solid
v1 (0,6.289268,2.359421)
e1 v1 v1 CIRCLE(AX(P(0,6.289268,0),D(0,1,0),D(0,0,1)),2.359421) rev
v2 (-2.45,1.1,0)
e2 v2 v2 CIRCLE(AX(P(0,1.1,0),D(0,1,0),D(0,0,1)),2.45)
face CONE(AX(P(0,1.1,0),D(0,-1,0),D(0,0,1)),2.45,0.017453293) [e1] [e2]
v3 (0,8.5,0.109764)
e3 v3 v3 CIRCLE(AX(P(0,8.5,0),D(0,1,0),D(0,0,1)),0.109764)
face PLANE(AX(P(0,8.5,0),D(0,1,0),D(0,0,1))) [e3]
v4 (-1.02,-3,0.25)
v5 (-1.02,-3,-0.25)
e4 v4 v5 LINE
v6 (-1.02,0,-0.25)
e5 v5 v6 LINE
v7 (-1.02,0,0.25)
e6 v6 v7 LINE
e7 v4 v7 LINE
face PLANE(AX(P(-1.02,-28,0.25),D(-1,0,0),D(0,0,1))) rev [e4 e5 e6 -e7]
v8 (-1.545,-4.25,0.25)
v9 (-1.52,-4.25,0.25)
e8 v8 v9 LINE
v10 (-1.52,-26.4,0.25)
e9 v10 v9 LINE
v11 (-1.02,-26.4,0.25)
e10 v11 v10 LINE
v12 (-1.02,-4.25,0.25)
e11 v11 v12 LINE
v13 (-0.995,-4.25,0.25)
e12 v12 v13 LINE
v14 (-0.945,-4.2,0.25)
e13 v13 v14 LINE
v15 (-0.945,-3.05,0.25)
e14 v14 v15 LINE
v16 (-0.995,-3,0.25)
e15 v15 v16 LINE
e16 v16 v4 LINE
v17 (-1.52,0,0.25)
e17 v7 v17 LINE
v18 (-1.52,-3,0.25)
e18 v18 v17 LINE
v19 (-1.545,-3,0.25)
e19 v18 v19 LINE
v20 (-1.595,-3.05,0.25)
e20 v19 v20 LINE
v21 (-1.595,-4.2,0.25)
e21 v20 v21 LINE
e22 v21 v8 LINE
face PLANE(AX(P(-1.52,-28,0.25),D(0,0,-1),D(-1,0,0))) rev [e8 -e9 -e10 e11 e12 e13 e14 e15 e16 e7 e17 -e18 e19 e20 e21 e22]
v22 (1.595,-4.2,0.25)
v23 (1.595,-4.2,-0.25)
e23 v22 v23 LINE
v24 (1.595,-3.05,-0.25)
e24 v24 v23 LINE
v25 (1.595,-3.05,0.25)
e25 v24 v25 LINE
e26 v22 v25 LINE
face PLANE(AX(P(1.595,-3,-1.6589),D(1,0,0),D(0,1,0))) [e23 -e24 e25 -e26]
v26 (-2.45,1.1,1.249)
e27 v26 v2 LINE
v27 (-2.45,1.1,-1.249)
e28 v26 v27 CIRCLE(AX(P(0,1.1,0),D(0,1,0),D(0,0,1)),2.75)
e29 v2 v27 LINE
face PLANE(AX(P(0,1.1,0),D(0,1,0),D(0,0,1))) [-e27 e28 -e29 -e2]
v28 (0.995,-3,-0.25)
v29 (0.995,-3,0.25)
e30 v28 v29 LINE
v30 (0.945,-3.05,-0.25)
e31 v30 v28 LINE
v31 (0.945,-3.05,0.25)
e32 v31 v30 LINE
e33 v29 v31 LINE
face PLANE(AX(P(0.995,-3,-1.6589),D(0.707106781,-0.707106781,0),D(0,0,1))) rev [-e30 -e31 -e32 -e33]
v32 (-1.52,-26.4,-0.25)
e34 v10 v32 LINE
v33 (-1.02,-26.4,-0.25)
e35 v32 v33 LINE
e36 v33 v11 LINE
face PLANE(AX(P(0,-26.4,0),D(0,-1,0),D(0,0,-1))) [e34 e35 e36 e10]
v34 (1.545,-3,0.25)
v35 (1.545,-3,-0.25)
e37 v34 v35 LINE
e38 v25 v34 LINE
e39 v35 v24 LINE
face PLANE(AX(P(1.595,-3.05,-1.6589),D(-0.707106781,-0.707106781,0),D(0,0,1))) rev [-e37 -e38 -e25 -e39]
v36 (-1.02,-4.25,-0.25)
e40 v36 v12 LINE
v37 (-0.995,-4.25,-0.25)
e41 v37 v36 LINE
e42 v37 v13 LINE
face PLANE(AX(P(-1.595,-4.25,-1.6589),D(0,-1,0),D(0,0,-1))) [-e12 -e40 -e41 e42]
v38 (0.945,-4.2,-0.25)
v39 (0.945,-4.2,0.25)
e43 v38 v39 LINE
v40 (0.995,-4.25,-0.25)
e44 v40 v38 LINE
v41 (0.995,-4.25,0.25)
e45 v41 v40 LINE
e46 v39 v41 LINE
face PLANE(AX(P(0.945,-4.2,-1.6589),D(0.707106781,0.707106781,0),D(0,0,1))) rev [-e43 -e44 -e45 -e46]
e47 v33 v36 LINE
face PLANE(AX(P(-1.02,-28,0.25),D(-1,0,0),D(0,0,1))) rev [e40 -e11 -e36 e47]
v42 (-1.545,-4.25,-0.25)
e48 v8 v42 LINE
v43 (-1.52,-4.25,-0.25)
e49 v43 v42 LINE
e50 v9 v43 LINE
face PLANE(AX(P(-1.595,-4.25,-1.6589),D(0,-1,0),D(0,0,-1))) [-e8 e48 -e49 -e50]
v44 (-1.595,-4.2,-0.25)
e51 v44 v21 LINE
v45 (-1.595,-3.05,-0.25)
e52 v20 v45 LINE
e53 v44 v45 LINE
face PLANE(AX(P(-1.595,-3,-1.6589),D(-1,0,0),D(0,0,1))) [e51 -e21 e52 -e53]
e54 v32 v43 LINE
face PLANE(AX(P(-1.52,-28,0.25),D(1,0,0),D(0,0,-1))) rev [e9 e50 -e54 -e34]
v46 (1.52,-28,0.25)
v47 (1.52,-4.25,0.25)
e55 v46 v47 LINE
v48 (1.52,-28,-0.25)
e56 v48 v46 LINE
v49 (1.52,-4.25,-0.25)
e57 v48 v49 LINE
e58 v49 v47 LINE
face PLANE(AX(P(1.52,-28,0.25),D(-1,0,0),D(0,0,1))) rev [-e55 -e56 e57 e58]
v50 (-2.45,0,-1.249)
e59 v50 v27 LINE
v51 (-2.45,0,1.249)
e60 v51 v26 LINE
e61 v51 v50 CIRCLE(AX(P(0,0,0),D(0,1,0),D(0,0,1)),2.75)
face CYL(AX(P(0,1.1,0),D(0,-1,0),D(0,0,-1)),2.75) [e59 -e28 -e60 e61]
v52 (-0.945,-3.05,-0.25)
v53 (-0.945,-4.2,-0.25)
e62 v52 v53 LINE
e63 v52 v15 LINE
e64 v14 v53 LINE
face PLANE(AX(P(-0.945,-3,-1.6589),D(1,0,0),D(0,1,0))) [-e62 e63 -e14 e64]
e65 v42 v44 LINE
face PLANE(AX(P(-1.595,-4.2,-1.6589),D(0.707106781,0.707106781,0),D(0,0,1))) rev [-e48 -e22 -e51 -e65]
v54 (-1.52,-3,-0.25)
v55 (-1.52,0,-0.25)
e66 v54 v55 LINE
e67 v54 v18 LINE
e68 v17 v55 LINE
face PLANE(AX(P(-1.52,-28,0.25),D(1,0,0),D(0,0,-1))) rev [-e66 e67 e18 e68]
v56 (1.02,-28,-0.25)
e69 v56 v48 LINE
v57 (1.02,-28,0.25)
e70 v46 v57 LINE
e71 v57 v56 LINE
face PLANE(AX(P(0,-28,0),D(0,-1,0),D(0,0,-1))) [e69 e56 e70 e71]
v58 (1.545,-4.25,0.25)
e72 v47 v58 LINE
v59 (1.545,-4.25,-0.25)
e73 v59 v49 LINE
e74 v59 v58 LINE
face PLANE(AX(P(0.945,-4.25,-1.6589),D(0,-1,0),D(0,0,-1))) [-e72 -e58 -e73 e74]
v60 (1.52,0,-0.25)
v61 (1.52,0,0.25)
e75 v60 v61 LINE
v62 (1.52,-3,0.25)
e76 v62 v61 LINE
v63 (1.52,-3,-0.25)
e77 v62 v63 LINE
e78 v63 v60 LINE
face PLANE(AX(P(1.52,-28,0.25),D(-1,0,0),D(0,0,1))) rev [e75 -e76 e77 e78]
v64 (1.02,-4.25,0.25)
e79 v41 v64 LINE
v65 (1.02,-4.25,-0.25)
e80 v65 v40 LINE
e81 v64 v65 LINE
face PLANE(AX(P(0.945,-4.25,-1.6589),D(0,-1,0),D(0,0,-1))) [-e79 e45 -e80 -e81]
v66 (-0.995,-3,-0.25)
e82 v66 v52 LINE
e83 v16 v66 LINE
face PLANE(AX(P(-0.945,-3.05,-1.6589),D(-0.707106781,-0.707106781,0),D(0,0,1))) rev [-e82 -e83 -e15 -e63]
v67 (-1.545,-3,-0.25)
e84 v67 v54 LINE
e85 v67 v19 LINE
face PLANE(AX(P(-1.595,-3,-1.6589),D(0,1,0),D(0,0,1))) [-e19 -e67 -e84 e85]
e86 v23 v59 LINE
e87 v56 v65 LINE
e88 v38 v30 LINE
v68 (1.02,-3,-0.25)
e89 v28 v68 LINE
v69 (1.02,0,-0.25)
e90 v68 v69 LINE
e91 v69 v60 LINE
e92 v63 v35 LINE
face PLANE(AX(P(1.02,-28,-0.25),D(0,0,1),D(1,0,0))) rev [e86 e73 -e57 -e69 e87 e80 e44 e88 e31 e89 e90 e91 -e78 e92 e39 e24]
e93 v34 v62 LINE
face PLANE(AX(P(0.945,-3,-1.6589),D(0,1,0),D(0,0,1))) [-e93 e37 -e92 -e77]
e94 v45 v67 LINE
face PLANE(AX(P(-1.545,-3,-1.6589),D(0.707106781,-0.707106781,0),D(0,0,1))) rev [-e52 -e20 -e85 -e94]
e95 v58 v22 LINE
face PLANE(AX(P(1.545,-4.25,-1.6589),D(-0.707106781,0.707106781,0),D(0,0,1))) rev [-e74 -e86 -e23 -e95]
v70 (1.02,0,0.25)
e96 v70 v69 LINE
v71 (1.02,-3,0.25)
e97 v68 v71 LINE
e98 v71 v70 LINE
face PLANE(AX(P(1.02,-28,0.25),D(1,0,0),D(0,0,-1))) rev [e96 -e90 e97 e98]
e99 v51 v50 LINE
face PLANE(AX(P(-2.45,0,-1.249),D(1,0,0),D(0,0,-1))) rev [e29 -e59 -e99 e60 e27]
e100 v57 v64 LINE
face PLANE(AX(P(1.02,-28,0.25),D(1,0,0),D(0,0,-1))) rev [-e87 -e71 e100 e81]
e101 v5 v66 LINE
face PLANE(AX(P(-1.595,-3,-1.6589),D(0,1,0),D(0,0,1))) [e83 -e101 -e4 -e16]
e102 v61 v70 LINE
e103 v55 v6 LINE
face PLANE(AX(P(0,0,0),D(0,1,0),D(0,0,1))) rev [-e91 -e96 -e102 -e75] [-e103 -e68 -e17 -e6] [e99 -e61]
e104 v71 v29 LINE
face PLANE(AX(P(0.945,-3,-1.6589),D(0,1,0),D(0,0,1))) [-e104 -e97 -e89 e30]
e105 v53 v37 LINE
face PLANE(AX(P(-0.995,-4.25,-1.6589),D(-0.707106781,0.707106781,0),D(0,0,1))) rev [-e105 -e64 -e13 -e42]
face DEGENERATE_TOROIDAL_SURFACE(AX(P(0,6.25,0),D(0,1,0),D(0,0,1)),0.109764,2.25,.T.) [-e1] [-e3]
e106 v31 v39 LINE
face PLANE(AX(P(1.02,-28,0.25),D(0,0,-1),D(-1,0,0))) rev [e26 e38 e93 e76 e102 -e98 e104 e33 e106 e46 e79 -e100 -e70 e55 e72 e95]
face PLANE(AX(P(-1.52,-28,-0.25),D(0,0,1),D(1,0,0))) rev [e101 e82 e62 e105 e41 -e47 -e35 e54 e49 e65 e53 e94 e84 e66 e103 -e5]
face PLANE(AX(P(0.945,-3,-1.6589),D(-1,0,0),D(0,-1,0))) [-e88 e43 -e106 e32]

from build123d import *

# Parameters (mm, degrees)
SKETCH1_R           = 2.75
BOSS_EXTRUDE1_DEPTH = 1.1
SKETCH2_R           = 2.45
DRAFT1_ANGLE        = 1
FILLET1_R           = 2.25
CUT_EXTRUDE1_DEPTH  = 1.1
SKETCH6_W           = 0.5
SKETCH6_H           = 0.5
BOSS_EXTRUDE2_DEPTH = 28
MOVE_FACE1_BY       = 1.6
SKETCH7_W           = 0.65
SKETCH7_H           = 1.25
BOSS_EXTRUDE3_DEPTH = 0.5
CHAMFER1_SIZE       = 0.05


with BuildPart() as part:
    # Sketch1 → Boss-Extrude1 (new body)
    with BuildSketch(Plane(origin=(0, 0, 0), x_dir=(1, 0, 0), z_dir=(0, 1, 0))):
        with Locations(Location((0, 0, 0), (0, 0, 270))):
            Circle(SKETCH1_R)
    extrude(amount=BOSS_EXTRUDE1_DEPTH)

    # Sweep1: sweep along a path in Sketch3
    with BuildLine(Plane.XY) as sweep1_path:
        Line((0, 1.1), (0, 8.5))
    # Sketch2 → Sweep1 (sweep)
    with BuildSketch(Plane(origin=(0, 1.1, 0), x_dir=(1, 0, 0), z_dir=(0, 1, 0))):
        Circle(SKETCH2_R)
    sweep(path=sweep1_path.line)

    # Draft1
    draft1_faces = [part.faces().sort_by_distance(p)[0] for p in [
        (-2.45, 4.8, 0),
    ]]
    draft(draft1_faces, Plane.ZX.offset(1.1), DRAFT1_ANGLE)

    # Fillet1
    fillet1_edges = [part.edges().sort_by_distance(p)[0] for p in [
        (-2.32083252, 8.5, 0),
    ]]
    fillet(fillet1_edges, radius=FILLET1_R)

    # Sketch5 → Cut-Extrude1 (cut)
    with BuildSketch(Plane(origin=(0, 1.1, 0), x_dir=(1, 0, 0), z_dir=(0, 1, 0))):
        with BuildLine():
            Line((-2.45, 1.2489996), (-2.45, -1.2489996))
            ThreePointArc((-2.45, -1.2489996), (-2.75, 0), (-2.45, 1.2489996))
        make_face()
    extrude(amount=-CUT_EXTRUDE1_DEPTH, mode=Mode.SUBTRACT)

    # Sketch6 → Boss-Extrude2 (add)
    with BuildSketch(Plane.XZ):
        with Locations((-1.27, 0)):
            Rectangle(SKETCH6_W, SKETCH6_H)
        with Locations((1.27, 0)):
            Rectangle(SKETCH6_W, SKETCH6_H)
    extrude(amount=BOSS_EXTRUDE2_DEPTH)

    # Move Face1: a face moved inward by 1.6
    extrude(part.faces().sort_by_distance((-1.27, -28, 0))[0], amount=MOVE_FACE1_BY, dir=(0, 1, 0), mode=Mode.SUBTRACT)

    # Sketch7 → Boss-Extrude3 (add)
    with BuildSketch(Plane.XY.offset(0.25)):
        with Locations((1.27, -3.625)):
            Rectangle(SKETCH7_W, SKETCH7_H)
        with Locations((-1.27, -3.625)):
            Rectangle(SKETCH7_W, SKETCH7_H)
    extrude(amount=-BOSS_EXTRUDE3_DEPTH)

    # Chamfer1
    chamfer1_edges = [part.edges().sort_by_distance(p)[0] for p in [
        (0.945, -3, 0),
        (1.595, -4.25, 0),
        (0.945, -4.25, 0),
        (1.595, -3, 0),
        (-1.595, -3, 0),
        (-0.945, -4.25, 0),
        (-1.595, -4.25, 0),
        (-0.945, -3, 0),
    ]]
    chamfer(chamfer1_edges, length=CHAMFER1_SIZE)


solid = part.part
